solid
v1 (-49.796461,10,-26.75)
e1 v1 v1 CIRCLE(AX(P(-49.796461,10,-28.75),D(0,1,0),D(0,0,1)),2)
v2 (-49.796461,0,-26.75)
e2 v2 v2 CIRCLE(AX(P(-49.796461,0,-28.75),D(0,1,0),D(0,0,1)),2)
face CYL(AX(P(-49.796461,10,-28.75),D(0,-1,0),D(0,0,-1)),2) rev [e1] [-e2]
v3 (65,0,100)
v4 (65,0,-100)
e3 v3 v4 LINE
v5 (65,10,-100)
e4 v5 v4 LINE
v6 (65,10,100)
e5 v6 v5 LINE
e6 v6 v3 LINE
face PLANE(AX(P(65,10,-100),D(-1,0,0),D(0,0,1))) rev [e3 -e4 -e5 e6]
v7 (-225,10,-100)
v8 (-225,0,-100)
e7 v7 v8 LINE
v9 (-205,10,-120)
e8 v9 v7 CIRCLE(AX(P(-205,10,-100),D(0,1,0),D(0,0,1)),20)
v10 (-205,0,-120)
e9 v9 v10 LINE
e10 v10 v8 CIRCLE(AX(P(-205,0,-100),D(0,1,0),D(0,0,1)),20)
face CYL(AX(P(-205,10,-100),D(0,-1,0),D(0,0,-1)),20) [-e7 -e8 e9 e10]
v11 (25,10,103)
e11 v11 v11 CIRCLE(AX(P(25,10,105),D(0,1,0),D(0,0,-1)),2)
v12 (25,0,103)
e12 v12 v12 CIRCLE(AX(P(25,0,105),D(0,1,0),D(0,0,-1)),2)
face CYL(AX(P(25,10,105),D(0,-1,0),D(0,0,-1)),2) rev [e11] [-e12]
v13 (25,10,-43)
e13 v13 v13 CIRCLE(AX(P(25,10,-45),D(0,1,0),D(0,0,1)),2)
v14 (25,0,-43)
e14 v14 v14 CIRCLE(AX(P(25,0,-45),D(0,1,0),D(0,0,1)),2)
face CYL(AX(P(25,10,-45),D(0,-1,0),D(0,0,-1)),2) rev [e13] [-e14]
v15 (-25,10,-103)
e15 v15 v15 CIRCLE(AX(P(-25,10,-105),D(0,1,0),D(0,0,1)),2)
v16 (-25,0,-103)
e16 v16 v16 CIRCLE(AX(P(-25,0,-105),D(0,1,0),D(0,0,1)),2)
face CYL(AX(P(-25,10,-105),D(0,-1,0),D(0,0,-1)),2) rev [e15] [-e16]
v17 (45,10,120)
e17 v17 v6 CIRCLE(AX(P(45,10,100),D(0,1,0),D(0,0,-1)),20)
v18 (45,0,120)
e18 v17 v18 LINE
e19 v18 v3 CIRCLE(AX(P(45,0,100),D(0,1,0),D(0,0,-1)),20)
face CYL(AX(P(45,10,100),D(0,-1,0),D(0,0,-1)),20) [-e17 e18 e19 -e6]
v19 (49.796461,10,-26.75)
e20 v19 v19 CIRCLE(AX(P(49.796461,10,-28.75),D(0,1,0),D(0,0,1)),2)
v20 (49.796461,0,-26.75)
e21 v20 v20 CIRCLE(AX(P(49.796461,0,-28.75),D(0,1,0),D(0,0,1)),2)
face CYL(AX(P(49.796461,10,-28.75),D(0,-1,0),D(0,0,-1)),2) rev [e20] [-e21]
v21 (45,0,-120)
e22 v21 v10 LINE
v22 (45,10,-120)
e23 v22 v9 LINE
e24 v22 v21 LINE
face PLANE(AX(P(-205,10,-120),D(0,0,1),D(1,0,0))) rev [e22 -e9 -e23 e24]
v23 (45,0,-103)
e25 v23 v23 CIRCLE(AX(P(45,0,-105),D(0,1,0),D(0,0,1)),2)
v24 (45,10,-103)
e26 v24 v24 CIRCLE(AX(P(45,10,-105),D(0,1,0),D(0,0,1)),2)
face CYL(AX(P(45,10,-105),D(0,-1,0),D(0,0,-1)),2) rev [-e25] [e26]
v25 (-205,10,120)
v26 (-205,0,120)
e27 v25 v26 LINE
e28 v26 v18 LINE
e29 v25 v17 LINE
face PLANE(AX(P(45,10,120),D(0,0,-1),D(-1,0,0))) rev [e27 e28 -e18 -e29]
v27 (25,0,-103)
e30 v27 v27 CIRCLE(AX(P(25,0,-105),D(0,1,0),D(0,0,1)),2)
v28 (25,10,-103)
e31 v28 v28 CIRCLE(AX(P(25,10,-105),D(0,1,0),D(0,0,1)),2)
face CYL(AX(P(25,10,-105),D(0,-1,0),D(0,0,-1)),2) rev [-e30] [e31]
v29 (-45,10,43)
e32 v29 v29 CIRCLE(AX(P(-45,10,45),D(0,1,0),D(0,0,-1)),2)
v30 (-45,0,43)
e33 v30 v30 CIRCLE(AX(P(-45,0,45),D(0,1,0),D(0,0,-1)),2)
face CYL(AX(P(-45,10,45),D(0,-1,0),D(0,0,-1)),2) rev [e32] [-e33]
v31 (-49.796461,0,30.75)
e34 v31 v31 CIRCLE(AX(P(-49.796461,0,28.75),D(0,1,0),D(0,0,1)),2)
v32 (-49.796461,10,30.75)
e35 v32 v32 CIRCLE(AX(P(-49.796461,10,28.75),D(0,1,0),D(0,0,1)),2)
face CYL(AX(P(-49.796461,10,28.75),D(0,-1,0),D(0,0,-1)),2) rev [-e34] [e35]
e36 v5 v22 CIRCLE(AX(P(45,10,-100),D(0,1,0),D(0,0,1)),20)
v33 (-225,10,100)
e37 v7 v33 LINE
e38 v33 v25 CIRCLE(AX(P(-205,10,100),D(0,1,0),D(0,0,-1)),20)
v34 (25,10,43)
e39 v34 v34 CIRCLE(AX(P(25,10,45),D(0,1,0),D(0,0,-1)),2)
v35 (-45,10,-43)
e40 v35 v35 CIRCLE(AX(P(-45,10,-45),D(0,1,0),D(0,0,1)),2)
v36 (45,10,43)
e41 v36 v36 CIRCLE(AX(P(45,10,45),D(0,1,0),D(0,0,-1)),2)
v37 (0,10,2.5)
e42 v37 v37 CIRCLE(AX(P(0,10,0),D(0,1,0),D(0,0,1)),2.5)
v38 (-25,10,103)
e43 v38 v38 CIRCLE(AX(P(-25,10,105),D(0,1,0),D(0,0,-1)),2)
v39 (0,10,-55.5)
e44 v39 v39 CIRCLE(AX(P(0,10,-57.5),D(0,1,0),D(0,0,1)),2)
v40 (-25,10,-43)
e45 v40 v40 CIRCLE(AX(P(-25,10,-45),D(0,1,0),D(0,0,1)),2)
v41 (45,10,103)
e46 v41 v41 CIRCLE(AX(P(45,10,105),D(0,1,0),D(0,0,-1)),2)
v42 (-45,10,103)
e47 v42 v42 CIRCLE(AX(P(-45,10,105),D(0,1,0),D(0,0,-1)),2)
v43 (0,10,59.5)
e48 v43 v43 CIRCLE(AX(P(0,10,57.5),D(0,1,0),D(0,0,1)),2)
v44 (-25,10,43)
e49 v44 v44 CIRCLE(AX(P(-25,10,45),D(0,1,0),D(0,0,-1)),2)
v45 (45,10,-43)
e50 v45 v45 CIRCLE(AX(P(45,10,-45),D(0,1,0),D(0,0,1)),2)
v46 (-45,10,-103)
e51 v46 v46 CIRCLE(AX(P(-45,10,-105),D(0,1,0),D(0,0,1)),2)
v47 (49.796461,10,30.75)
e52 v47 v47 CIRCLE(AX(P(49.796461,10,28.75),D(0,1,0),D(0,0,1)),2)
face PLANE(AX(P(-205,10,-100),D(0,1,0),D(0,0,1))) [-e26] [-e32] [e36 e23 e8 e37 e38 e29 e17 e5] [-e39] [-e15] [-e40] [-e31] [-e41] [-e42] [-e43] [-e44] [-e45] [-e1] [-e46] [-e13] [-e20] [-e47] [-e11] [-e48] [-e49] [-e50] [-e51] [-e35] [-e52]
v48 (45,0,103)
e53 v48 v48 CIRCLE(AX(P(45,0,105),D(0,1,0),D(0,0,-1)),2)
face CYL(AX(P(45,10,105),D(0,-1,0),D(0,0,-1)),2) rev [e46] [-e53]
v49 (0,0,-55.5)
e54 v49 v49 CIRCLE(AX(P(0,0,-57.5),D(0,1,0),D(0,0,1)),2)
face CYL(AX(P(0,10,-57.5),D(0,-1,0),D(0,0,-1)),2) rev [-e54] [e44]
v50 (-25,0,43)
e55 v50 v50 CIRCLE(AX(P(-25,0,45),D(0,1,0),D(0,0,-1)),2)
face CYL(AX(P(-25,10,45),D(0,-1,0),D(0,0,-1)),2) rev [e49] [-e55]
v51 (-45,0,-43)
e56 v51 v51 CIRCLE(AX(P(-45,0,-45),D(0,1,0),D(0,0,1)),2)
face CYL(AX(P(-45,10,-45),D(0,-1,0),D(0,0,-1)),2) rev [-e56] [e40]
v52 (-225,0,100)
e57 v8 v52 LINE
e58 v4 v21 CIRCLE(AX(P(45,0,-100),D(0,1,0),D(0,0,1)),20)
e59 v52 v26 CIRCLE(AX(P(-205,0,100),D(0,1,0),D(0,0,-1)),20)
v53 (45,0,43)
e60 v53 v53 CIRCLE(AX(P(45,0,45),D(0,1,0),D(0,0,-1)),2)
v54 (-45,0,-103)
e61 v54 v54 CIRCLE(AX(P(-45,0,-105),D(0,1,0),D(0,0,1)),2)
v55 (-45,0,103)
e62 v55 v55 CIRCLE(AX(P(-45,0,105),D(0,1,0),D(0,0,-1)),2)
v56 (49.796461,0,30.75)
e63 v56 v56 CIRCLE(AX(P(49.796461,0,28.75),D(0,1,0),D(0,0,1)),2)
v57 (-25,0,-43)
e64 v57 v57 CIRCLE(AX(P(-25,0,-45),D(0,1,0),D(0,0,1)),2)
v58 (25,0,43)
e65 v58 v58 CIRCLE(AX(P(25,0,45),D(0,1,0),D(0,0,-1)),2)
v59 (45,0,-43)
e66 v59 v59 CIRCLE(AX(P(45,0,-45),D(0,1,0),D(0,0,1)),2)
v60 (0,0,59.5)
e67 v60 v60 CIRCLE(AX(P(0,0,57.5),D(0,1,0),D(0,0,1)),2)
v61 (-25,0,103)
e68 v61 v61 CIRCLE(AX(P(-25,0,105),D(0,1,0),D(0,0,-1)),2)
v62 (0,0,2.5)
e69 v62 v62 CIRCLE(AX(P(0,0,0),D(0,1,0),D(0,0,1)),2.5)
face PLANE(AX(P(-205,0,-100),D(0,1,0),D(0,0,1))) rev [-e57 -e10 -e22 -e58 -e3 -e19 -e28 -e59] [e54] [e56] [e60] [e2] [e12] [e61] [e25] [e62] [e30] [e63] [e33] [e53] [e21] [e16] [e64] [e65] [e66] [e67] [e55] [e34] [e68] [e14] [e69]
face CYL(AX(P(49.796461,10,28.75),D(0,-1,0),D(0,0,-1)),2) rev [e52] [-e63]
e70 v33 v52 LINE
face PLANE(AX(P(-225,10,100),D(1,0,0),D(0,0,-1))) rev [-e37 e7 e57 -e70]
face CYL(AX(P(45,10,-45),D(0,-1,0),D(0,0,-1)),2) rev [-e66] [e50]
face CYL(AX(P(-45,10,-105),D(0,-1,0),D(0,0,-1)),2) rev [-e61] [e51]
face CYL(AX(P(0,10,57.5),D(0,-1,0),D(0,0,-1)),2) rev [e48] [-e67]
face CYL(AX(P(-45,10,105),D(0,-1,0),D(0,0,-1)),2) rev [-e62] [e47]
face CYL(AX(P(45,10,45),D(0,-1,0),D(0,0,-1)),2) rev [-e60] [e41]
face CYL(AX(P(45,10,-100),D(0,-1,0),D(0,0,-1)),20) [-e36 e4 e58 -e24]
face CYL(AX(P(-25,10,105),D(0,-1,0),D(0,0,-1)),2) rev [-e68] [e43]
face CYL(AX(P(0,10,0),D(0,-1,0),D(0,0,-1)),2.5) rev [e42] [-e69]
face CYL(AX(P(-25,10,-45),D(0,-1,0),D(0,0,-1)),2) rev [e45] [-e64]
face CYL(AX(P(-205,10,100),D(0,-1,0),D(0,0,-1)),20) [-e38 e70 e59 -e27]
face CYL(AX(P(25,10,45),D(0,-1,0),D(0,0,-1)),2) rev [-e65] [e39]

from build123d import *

# Parameters (mm, degrees)
SKETCH1_R           = 2
SKETCH1_R_2         = 2.5
BOSS_EXTRUDE1_DEPTH = 10


with BuildPart() as part:
    # Sketch1 → Boss-Extrude1 (new body)
    with BuildSketch(Plane(origin=(0, 0, 0), x_dir=(1, 0, 0), z_dir=(0, 1, 0))):
        with BuildLine():
            Line((-205, 120), (45, 120))
            ThreePointArc((45, 120), (59.142135624, 114.142135624), (65, 100))
            Line((65, 100), (65, -100))
            ThreePointArc((65, -100), (59.142135624, -114.142135624), (45, -120))
            Line((45, -120), (-205, -120))
            ThreePointArc((-205, -120), (-219.142135624, -114.142135624), (-225, -100))
            Line((-225, -100), (-225, 100))
            ThreePointArc((-225, 100), (-219.142135624, 114.142135624), (-205, 120))
        make_face()
        with Locations((0, -57.5)):
            Circle(SKETCH1_R, mode=Mode.SUBTRACT)
        with Locations((-49.796460718, -28.75)):
            Circle(SKETCH1_R, mode=Mode.SUBTRACT)
        with Locations((-49.796460718, 28.75)):
            Circle(SKETCH1_R, mode=Mode.SUBTRACT)
        with Locations((0, 57.5)):
            Circle(SKETCH1_R, mode=Mode.SUBTRACT)
        with Locations((49.796460718, 28.75)):
            Circle(SKETCH1_R, mode=Mode.SUBTRACT)
        with Locations((49.796460718, -28.75)):
            Circle(SKETCH1_R, mode=Mode.SUBTRACT)
        Circle(SKETCH1_R_2, mode=Mode.SUBTRACT)
        with Locations((-45, 105)):
            Circle(SKETCH1_R, mode=Mode.SUBTRACT)
        with Locations((-25, 105)):
            Circle(SKETCH1_R, mode=Mode.SUBTRACT)
        with Locations((25, 105)):
            Circle(SKETCH1_R, mode=Mode.SUBTRACT)
        with Locations((45, 105)):
            Circle(SKETCH1_R, mode=Mode.SUBTRACT)
        with Locations((-45, 45)):
            Circle(SKETCH1_R, mode=Mode.SUBTRACT)
        with Locations((-25, 45)):
            Circle(SKETCH1_R, mode=Mode.SUBTRACT)
        with Locations((25, 45)):
            Circle(SKETCH1_R, mode=Mode.SUBTRACT)
        with Locations((45, 45)):
            Circle(SKETCH1_R, mode=Mode.SUBTRACT)
        with Locations((-45, -45)):
            Circle(SKETCH1_R, mode=Mode.SUBTRACT)
        with Locations((-25, -45)):
            Circle(SKETCH1_R, mode=Mode.SUBTRACT)
        with Locations((25, -45)):
            Circle(SKETCH1_R, mode=Mode.SUBTRACT)
        with Locations((45, -45)):
            Circle(SKETCH1_R, mode=Mode.SUBTRACT)
        with Locations((45, -105)):
            Circle(SKETCH1_R, mode=Mode.SUBTRACT)
        with Locations((25, -105)):
            Circle(SKETCH1_R, mode=Mode.SUBTRACT)
        with Locations((-25, -105)):
            Circle(SKETCH1_R, mode=Mode.SUBTRACT)
        with Locations((-45, -105)):
            Circle(SKETCH1_R, mode=Mode.SUBTRACT)
    extrude(amount=BOSS_EXTRUDE1_DEPTH)


solid = part.part
